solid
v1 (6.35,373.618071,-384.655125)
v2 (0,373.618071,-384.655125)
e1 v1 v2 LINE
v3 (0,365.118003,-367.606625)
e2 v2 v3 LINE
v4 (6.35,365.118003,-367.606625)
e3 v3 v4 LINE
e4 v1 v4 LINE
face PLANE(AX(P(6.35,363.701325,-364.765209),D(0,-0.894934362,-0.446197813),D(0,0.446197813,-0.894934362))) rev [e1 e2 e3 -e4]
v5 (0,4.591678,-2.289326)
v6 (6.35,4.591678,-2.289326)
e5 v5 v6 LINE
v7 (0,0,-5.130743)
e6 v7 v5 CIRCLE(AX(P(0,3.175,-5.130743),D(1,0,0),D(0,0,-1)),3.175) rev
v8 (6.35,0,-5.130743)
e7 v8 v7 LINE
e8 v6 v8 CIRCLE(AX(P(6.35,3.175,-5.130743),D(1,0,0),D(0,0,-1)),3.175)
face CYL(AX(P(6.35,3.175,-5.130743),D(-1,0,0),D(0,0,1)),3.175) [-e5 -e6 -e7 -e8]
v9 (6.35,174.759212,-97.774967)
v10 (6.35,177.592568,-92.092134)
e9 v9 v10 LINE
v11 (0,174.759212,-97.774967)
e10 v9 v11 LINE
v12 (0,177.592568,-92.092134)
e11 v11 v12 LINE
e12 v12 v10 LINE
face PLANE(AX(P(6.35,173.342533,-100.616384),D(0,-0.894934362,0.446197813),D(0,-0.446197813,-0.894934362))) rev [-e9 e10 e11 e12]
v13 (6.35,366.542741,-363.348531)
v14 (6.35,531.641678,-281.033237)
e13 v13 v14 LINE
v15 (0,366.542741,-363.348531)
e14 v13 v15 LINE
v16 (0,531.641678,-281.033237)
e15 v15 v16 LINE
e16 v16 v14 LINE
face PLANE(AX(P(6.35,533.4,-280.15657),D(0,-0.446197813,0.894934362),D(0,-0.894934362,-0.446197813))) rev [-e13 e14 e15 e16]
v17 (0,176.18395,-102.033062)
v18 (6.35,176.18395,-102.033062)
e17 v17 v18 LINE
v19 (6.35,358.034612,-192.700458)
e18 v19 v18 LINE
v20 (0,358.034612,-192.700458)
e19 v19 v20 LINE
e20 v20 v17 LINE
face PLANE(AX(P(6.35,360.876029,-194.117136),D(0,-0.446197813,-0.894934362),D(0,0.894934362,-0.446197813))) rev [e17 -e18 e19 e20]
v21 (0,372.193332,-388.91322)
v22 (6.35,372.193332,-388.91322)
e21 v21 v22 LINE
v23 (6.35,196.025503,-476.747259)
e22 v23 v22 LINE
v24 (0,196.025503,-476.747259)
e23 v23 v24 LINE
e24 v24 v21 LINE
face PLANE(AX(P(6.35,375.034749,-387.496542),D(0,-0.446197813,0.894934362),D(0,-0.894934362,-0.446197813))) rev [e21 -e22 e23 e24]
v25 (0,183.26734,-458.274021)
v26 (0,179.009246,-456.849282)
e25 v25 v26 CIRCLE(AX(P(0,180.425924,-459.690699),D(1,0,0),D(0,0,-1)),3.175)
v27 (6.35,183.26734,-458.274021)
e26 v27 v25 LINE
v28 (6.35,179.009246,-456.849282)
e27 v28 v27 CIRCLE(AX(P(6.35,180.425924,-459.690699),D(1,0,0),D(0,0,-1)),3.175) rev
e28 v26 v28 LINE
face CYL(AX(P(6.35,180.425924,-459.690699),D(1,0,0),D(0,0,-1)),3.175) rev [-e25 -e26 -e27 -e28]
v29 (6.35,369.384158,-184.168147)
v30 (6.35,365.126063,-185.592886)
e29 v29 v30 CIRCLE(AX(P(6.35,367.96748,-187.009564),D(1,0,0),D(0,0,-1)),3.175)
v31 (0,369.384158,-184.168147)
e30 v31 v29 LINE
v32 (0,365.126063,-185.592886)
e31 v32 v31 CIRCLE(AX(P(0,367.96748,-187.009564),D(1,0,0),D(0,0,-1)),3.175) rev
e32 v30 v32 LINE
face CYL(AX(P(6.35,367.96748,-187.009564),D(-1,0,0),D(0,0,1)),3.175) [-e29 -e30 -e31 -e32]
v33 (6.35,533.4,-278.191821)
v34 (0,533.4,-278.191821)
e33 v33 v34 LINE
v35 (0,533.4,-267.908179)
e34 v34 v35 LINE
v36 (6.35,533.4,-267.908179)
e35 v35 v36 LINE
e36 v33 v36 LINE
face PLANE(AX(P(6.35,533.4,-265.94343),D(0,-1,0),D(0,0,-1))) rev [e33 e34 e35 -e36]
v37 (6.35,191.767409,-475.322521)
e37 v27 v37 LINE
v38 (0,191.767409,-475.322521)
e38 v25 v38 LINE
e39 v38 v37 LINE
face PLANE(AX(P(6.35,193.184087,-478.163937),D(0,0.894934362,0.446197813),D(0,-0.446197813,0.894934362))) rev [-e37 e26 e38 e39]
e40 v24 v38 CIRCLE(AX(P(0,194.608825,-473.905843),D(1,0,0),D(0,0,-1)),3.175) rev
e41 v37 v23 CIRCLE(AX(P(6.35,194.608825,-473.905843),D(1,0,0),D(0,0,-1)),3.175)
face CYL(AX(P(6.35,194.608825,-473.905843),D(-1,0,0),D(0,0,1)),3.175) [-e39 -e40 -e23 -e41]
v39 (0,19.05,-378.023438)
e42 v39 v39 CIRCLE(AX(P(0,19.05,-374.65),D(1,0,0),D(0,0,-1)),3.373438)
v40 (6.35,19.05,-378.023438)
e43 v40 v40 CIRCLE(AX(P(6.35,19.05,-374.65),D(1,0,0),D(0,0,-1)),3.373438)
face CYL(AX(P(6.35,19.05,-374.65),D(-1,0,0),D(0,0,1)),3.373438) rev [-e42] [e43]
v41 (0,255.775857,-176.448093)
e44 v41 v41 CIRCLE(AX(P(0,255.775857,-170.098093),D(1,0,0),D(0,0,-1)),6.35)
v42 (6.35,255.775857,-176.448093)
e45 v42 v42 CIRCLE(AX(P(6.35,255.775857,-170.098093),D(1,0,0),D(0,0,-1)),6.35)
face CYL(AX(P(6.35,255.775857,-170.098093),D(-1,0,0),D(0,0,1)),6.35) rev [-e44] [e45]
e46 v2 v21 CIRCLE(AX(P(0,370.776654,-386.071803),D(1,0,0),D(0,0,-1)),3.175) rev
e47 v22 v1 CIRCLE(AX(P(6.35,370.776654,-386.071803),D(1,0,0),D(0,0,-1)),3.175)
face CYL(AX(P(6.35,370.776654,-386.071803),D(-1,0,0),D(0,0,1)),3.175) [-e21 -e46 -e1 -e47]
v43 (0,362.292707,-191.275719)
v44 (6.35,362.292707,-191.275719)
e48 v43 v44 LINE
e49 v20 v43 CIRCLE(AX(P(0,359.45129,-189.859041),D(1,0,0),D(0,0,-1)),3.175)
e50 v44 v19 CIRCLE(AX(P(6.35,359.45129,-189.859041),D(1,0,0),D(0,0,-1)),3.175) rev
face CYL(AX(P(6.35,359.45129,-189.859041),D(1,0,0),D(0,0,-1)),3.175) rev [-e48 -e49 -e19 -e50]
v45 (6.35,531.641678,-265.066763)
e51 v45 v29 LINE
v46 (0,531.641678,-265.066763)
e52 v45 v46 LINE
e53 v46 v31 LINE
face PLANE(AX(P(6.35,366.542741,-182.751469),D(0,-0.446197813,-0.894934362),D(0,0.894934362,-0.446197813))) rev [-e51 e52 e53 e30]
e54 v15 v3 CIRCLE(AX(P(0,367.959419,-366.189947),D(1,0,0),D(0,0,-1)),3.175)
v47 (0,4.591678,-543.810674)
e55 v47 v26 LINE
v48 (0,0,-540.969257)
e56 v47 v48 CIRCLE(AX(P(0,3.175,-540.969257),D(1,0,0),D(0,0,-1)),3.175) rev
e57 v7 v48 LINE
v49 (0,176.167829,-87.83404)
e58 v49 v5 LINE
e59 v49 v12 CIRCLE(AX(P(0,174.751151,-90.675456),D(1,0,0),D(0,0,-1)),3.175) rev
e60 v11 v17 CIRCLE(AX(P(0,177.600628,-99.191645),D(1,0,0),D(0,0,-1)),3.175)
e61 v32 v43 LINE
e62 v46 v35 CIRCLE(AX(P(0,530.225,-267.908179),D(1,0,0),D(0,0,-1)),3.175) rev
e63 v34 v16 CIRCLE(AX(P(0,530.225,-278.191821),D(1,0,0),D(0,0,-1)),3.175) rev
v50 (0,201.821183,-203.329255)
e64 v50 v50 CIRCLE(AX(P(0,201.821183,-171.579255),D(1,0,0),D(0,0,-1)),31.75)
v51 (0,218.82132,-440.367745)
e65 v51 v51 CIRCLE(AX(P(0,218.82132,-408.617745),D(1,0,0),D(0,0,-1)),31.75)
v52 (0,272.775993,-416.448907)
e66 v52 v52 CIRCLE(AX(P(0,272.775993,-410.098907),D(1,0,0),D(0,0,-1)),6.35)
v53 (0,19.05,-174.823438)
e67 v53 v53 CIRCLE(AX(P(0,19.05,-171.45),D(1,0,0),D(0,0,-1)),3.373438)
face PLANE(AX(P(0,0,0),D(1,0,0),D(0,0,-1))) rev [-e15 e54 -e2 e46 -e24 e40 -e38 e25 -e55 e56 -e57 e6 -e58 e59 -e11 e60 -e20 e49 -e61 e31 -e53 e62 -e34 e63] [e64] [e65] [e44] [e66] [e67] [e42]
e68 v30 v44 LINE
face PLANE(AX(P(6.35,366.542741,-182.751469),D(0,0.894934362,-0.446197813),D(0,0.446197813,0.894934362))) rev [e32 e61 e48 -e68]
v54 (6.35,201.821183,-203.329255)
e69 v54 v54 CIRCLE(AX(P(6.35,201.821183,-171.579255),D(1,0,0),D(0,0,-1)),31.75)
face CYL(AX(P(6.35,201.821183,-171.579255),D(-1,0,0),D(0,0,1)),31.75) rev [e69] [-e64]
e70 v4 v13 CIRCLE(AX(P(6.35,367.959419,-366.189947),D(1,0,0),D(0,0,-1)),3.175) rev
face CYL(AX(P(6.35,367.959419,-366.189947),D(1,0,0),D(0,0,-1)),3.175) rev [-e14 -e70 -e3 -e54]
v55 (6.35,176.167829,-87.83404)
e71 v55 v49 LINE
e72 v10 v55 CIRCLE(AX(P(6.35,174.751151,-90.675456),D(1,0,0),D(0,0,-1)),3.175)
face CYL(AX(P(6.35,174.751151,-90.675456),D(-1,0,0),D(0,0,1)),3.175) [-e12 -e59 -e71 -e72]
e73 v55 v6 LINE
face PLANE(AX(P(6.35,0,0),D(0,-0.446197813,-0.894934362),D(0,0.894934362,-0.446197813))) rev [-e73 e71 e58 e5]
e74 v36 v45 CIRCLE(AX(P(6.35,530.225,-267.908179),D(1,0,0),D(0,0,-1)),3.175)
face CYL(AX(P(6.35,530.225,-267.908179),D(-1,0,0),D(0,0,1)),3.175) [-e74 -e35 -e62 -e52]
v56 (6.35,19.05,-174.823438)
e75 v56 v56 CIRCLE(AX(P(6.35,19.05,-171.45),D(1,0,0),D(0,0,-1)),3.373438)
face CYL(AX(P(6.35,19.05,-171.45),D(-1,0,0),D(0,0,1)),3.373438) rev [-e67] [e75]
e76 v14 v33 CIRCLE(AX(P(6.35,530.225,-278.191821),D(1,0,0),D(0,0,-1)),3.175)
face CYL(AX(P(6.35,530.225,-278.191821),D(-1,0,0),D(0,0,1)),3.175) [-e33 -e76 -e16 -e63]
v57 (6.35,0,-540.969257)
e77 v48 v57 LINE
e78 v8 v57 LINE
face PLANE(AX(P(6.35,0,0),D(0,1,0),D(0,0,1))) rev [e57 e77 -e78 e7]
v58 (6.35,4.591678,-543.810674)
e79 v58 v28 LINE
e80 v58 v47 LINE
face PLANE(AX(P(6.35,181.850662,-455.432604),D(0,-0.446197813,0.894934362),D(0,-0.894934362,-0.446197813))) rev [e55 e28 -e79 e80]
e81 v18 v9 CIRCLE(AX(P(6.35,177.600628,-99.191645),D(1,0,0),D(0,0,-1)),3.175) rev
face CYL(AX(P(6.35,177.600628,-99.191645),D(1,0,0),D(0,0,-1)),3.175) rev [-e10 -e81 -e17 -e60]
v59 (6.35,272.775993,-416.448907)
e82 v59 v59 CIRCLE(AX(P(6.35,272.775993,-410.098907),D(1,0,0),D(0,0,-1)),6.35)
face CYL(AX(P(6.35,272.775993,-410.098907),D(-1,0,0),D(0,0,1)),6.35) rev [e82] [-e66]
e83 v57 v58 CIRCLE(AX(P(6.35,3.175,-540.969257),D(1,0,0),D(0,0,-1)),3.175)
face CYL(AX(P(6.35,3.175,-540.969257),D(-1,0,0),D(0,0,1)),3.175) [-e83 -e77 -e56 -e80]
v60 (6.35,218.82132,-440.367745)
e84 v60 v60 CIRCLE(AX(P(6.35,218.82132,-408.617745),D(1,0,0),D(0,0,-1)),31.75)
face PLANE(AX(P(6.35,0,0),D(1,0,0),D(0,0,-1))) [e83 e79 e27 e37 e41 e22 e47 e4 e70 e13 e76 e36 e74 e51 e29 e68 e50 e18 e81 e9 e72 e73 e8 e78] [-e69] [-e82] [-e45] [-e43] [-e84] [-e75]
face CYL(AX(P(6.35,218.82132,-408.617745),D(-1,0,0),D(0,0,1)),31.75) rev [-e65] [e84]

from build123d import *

# Parameters (mm, degrees)
SKETCH1_R           = 3.3734375
SKETCH1_R_2         = 6.35
SKETCH1_R_3         = 31.75
BOSS_EXTRUDE1_DEPTH = 6.35
FILLET1_R           = 3.175


with BuildPart() as part:
    # Sketch1 → Boss-Extrude1 (new body)
    with BuildSketch(Plane(origin=(0, 0, 0), x_dir=(0, 0, -1), z_dir=(1, 0, 0))):
        Polygon((0, 0), (546.1, 0), (455.432604376, 181.850662278), (478.163937161, 193.184086731), (387.496541537, 375.034749008), (364.765208752, 363.701324555), (280.156570264, 533.4), (265.943429736, 533.4), (182.751469304, 366.542741153), (194.117135697, 360.876028927), (100.61638396, 173.342533453), (89.250717567, 179.009245679), align=None)
        with Locations((171.45, 19.05)):
            Circle(SKETCH1_R, mode=Mode.SUBTRACT)
        with Locations((374.65, 19.05)):
            Circle(SKETCH1_R, mode=Mode.SUBTRACT)
        with Locations((410.098906564, 272.775993416)):
            Circle(SKETCH1_R_2, mode=Mode.SUBTRACT)
        with Locations((170.098092613, 255.775856737)):
            Circle(SKETCH1_R_2, mode=Mode.SUBTRACT)
        with Locations((171.579254548, 201.821183313)):
            Circle(SKETCH1_R_3, mode=Mode.SUBTRACT)
        with Locations((408.617744629, 218.821319992)):
            Circle(SKETCH1_R_3, mode=Mode.SUBTRACT)
    extrude(amount=BOSS_EXTRUDE1_DEPTH)

    # Fillet1
    fillet1_edges = [part.edges().sort_by_distance(p)[0] for p in [
        (3.175, 179.009245679, -89.250717567),
        (3.175, 173.342533453, -100.61638396),
        (3.175, 360.876028927, -194.117135697),
        (3.175, 366.542741153, -182.751469304),
        (3.175, 533.4, -265.943429736),
        (3.175, 533.4, -280.156570264),
        (3.175, 363.701324555, -364.765208752),
        (3.175, 375.034749008, -387.496541537),
        (3.175, 193.184086731, -478.163937161),
        (3.175, 181.850662278, -455.432604376),
        (3.175, 0, -546.1),
        (3.175, 0, 0),
    ]]
    fillet(fillet1_edges, radius=FILLET1_R)


solid = part.part
